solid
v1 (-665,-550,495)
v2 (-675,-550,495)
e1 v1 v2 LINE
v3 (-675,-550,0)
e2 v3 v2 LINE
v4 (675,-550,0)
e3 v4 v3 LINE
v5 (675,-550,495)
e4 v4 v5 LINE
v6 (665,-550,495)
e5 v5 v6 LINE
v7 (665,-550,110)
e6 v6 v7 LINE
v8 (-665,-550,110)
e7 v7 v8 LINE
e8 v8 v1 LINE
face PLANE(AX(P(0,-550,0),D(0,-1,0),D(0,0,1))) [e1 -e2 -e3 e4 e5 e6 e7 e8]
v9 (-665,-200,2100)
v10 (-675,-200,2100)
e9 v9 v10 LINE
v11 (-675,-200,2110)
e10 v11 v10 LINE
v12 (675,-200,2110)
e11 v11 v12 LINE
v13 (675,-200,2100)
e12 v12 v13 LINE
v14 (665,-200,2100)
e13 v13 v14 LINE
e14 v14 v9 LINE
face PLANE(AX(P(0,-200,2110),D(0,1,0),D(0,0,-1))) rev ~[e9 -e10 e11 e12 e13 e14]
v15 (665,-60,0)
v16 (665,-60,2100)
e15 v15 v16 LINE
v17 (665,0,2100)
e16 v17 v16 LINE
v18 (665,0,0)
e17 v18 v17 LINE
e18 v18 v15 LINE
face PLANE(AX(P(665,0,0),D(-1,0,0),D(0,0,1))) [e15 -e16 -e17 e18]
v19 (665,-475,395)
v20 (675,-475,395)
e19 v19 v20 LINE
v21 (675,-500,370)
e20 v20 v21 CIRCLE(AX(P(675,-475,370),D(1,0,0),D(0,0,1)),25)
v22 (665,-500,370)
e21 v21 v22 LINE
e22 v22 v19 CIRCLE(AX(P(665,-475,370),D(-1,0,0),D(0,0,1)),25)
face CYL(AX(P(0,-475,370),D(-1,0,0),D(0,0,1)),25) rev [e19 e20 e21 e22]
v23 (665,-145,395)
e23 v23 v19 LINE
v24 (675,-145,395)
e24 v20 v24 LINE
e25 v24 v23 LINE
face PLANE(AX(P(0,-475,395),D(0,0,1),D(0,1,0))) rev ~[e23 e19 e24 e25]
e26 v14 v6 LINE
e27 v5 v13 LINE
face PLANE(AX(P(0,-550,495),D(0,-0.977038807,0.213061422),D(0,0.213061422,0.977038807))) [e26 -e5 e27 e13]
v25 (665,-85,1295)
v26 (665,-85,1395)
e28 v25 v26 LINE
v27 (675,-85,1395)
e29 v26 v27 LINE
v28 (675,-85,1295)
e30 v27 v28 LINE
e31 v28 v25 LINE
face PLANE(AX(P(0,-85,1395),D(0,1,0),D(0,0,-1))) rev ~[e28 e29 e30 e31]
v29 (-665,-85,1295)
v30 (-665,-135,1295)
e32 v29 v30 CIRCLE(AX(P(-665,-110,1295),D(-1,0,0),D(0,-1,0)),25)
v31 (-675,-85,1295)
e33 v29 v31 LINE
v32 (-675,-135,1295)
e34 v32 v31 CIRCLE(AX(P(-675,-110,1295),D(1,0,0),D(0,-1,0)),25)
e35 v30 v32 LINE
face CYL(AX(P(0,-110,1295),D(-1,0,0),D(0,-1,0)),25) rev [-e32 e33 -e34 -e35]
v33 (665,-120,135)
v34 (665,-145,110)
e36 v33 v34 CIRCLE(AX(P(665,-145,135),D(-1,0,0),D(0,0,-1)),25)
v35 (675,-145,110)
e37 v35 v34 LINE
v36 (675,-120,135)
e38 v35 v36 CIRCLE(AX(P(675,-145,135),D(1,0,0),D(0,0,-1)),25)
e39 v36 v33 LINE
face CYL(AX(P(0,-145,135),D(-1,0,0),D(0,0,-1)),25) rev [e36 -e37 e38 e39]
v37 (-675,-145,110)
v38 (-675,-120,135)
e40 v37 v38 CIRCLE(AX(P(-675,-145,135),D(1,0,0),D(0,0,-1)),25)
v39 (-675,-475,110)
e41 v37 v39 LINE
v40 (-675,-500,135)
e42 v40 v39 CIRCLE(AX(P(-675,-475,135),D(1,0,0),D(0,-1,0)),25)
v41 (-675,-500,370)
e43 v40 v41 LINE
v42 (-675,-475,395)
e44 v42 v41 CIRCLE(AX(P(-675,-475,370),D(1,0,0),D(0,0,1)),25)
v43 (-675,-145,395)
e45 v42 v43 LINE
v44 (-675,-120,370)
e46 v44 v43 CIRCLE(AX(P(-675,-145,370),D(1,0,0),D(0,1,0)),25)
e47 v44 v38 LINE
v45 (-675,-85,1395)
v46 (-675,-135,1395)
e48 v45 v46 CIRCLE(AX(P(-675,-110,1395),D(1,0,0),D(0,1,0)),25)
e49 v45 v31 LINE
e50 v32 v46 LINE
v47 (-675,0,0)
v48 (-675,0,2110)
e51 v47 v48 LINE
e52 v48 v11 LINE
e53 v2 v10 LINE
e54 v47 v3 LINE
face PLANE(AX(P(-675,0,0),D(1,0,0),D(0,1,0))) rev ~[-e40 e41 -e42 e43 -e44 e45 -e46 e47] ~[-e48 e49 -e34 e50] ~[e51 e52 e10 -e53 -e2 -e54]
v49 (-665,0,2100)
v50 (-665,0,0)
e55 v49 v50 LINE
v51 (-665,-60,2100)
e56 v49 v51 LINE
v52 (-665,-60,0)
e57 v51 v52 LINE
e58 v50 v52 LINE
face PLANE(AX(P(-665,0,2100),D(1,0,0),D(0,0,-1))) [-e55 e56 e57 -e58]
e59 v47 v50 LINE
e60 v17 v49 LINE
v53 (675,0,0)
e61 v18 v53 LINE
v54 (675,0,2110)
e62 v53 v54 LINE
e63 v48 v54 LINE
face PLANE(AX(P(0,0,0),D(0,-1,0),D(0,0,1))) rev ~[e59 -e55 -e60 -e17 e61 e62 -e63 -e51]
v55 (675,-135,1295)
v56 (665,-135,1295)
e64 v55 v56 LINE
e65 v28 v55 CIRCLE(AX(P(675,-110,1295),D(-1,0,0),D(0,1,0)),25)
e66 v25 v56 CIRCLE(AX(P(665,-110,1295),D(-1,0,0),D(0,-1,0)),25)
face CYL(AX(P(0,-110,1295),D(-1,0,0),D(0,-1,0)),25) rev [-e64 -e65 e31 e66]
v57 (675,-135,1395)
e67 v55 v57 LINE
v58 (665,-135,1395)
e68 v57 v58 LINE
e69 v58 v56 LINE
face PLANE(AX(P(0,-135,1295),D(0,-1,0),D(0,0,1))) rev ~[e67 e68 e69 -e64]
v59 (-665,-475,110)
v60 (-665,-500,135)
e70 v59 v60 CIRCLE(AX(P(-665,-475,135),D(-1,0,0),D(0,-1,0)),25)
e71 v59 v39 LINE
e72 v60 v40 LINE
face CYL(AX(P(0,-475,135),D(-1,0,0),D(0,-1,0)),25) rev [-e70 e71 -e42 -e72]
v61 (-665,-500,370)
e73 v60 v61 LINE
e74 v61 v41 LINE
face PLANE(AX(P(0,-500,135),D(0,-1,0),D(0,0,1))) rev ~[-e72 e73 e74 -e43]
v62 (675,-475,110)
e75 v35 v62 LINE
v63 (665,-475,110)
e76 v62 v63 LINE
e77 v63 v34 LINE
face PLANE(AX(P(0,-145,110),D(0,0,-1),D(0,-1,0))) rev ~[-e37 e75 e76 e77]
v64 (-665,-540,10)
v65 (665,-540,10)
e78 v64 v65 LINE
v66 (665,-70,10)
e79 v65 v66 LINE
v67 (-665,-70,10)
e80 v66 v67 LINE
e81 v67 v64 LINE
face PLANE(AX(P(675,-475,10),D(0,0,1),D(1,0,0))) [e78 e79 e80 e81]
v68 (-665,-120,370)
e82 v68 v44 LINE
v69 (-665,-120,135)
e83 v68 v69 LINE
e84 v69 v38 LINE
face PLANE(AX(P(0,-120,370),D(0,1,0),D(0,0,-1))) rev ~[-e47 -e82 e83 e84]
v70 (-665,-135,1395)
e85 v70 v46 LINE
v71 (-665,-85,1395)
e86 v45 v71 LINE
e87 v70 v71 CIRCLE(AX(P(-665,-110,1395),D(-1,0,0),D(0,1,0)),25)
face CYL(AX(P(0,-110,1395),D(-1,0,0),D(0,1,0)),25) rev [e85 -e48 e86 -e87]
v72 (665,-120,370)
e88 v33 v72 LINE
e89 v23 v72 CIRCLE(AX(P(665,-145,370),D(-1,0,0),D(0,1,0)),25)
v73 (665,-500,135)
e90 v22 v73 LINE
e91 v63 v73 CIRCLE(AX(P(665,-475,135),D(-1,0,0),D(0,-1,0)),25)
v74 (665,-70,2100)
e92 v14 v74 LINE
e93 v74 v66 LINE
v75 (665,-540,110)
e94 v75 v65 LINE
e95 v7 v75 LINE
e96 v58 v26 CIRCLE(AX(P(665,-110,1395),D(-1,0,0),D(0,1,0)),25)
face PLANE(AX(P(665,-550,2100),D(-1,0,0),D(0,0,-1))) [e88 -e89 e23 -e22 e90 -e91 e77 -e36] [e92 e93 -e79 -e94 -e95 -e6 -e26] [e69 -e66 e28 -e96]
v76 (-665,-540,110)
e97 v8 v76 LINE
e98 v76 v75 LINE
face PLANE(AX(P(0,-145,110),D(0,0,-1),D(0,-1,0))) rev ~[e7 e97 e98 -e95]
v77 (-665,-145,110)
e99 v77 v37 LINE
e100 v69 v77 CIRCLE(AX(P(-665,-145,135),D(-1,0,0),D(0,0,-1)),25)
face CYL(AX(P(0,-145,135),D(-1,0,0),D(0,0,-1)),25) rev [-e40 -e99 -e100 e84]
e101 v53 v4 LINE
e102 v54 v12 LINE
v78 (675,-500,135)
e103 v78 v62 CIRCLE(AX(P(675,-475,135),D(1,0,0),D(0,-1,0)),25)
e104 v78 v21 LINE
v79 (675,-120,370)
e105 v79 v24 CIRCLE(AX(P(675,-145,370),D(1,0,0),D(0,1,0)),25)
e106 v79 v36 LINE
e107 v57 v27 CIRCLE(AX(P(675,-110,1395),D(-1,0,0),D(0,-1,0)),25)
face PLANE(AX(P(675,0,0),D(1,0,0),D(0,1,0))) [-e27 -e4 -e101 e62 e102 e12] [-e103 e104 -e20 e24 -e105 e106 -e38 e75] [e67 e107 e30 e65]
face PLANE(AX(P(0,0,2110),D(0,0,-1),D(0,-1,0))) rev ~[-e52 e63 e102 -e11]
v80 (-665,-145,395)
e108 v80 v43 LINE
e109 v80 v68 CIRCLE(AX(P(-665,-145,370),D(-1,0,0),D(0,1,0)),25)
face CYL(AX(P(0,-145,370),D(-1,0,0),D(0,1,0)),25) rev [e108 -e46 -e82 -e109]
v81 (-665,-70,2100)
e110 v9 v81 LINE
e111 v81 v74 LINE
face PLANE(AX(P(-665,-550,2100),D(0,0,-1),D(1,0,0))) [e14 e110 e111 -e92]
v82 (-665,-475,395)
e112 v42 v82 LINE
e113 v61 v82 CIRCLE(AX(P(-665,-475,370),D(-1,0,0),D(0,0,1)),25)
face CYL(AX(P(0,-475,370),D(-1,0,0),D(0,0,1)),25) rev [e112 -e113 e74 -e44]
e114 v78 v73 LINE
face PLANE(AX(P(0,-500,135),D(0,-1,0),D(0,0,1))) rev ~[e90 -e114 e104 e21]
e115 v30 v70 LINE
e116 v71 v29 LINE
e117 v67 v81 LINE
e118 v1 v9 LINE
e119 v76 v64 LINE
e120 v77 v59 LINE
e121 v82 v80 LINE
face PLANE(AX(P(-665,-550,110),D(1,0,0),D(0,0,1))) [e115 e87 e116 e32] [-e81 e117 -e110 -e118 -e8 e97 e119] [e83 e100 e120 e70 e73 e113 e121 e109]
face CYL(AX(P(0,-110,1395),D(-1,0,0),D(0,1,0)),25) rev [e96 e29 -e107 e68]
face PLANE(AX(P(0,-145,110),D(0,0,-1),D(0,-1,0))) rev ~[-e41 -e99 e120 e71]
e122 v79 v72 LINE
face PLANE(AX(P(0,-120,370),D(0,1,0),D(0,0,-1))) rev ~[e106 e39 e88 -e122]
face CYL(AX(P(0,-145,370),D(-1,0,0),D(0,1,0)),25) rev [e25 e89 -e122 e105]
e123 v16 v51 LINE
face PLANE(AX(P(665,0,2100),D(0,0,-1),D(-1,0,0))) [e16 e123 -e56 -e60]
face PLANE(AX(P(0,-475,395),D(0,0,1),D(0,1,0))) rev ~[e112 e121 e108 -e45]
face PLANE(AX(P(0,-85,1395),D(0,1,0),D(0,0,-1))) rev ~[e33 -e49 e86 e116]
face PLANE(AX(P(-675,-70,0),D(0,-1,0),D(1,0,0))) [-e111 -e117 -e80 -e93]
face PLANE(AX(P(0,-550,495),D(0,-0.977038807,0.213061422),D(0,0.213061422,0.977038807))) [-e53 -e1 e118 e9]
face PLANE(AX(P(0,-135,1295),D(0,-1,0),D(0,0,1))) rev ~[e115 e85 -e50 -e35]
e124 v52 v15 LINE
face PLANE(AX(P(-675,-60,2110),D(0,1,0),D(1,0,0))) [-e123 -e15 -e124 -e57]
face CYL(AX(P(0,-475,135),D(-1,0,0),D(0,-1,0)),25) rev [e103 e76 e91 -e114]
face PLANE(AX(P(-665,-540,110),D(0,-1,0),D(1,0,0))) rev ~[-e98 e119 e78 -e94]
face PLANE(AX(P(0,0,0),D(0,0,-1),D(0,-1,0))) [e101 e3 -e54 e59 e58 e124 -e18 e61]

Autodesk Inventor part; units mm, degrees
ref_plane "YZ Plane" through (0, 0, 0) normal (1, 0, 0) x (0, 1, 0)
ref_plane "XZ Plane" through (0, 0, 0) normal (0, 1, 0) x (-1, 0, 0)
ref_plane "XY Plane" through (0, 0, 0) normal (0, 0, 1) x (1, 0, 0)
sketch "Sketch1" plane through (0, 0, 0) normal (1, 0, 0) x (0, 1, 0)
  line L0 (0, 0) -> (-550, 0)
  line L1 (0, 0) -> (0, 2110)
  line L2 (-550, 0) -> (-550, 495)
  line L3 (-550, 495) -> (-200, 2100)
  line L4 (0, 2110) -> (-200, 2110)
  line L5 (-200, 2110) -> (-200, 2100)
  line L6 (-475, 395) -> (-145, 395)
  line L7 (-120, 370) -> (-120, 135)
  line L8 (-145, 110) -> (-475, 110)
  line L9 (-500, 135) -> (-500, 370)
  arc A0 (-475, 395) -> (-500, 370) centre (-475, 370) ccw
  arc A1 (-500, 135) -> (-475, 110) centre (-475, 135) ccw
  arc A2 (-145, 110) -> (-120, 135) centre (-145, 135) ccw
  arc A3 (-120, 370) -> (-145, 395) centre (-145, 370) ccw
  line L10 (-110, 1420) -> (-110, 1420)
  line L11 (-85, 1395) -> (-85, 1295)
  line L12 (-110, 1270) -> (-110, 1270)
  line L13 (-135, 1295) -> (-135, 1395)
  arc A4 (-110, 1420) -> (-135, 1395) centre (-110, 1395) ccw
  arc A5 (-85, 1395) -> (-110, 1420) centre (-110, 1395) ccw
  arc A6 (-110, 1270) -> (-85, 1295) centre (-110, 1295) ccw
  arc A7 (-135, 1295) -> (-110, 1270) centre (-110, 1295) ccw
  point P0 (-120, 110)
  point P1 (-500, 110)
  point P2 (-85, 1270)
  point P3 (-85, 1420)
  point P4 (-135, 1270)
  dimension "d0" = 550
  dimension "d1" = 2110
  dimension "d2" = 495
  dimension "d3" = 200
  dimension "d4" = 10
  dimension "d5" = 380
  dimension "d6" = 285
  dimension "d10" = 110
  dimension "d11" = 120
  dimension "d12" = 25
  dimension "d13" = 50
  dimension "d14" = 150
  dimension "d15" = 1270
  dimension "d16" = 85
  dimension "d17" = 25
extrude "Extrusion1" add sketch "Sketch1" along normal mid plane 1350
sketch "Sketch2" plane through (-675, 0, 2110) normal (0, 1, 0) x (1, 0, 0)
  line L0 (1340, 10) -> (10, 10)
  line L1 (10, 10) -> (10, 2110)
  line L2 (10, 2110) -> (1340, 2110)
  line L3 (1340, 2110) -> (1340, 10)
  line L4 (0, 0) -> (1350, 0) projected
  line L5 (1350, 2110) -> (1350, 0) projected
  line L6 (0, 0) -> (0, 2110) projected
  line L7 (0, 2110) -> (1350, 2110) projected
  point P0 (675, 2110)
  dimension "d20" = 10
  dimension "d21" = 10
  dimension "d22" = 10
  dimension "d23" = 0
extrude "Extrusion2" cut sketch "Sketch2" against normal blind 60 contours L0 L1 L2 L3
sketch "Sketch3" plane through (-675, -550, 0) normal (0, -1, 0) x (1, 0, 0)
  line L0 (10, 2100) -> (1340, 2100)
  line L1 (1340, 2100) -> (1340, 110)
  line L2 (1340, 110) -> (10, 110)
  line L3 (10, 110) -> (10, 2100)
  line L4 (1350, 2100) -> (1350, 495) projected
  line L5 (0, 495) -> (0, 2100) projected
  line L6 (1350, 2110) -> (0, 2110) projected
  line L7 (0, 0) -> (1350, 0) projected
  point P0 (675, 0)
  dimension "d26" = 10
  dimension "d27" = 10
  dimension "d28" = 10
  dimension "d29" = 110
extrude "Extrusion3" cut sketch "Sketch3" against normal blind 480
sketch "Sketch4" plane through (675, -475, 110) normal (0, 0, 1) x (1, 0, 0)
  line L0 (-1340, -65) -> (-10, -65)
  line L1 (-10, -65) -> (-10, 405)
  line L2 (-10, 405) -> (-1340, 405)
  line L3 (-1340, 405) -> (-1340, -65)
  line L4 (-1350, -75) -> (-1350, 275) projected
  line L5 (-10, -75) -> (-1340, -75) projected
  line L6 (0, 275) -> (0, -75) projected
  line L7 (-1340, 415) -> (-10, 415) projected
  point P0 (-675, 475)
  dimension "d32" = 10
  dimension "d33" = 10
  dimension "d34" = 10
  dimension "d35" = 10
extrude "Extrusion4" cut sketch "Sketch4" against normal blind 100
properties part number "Стенд"
